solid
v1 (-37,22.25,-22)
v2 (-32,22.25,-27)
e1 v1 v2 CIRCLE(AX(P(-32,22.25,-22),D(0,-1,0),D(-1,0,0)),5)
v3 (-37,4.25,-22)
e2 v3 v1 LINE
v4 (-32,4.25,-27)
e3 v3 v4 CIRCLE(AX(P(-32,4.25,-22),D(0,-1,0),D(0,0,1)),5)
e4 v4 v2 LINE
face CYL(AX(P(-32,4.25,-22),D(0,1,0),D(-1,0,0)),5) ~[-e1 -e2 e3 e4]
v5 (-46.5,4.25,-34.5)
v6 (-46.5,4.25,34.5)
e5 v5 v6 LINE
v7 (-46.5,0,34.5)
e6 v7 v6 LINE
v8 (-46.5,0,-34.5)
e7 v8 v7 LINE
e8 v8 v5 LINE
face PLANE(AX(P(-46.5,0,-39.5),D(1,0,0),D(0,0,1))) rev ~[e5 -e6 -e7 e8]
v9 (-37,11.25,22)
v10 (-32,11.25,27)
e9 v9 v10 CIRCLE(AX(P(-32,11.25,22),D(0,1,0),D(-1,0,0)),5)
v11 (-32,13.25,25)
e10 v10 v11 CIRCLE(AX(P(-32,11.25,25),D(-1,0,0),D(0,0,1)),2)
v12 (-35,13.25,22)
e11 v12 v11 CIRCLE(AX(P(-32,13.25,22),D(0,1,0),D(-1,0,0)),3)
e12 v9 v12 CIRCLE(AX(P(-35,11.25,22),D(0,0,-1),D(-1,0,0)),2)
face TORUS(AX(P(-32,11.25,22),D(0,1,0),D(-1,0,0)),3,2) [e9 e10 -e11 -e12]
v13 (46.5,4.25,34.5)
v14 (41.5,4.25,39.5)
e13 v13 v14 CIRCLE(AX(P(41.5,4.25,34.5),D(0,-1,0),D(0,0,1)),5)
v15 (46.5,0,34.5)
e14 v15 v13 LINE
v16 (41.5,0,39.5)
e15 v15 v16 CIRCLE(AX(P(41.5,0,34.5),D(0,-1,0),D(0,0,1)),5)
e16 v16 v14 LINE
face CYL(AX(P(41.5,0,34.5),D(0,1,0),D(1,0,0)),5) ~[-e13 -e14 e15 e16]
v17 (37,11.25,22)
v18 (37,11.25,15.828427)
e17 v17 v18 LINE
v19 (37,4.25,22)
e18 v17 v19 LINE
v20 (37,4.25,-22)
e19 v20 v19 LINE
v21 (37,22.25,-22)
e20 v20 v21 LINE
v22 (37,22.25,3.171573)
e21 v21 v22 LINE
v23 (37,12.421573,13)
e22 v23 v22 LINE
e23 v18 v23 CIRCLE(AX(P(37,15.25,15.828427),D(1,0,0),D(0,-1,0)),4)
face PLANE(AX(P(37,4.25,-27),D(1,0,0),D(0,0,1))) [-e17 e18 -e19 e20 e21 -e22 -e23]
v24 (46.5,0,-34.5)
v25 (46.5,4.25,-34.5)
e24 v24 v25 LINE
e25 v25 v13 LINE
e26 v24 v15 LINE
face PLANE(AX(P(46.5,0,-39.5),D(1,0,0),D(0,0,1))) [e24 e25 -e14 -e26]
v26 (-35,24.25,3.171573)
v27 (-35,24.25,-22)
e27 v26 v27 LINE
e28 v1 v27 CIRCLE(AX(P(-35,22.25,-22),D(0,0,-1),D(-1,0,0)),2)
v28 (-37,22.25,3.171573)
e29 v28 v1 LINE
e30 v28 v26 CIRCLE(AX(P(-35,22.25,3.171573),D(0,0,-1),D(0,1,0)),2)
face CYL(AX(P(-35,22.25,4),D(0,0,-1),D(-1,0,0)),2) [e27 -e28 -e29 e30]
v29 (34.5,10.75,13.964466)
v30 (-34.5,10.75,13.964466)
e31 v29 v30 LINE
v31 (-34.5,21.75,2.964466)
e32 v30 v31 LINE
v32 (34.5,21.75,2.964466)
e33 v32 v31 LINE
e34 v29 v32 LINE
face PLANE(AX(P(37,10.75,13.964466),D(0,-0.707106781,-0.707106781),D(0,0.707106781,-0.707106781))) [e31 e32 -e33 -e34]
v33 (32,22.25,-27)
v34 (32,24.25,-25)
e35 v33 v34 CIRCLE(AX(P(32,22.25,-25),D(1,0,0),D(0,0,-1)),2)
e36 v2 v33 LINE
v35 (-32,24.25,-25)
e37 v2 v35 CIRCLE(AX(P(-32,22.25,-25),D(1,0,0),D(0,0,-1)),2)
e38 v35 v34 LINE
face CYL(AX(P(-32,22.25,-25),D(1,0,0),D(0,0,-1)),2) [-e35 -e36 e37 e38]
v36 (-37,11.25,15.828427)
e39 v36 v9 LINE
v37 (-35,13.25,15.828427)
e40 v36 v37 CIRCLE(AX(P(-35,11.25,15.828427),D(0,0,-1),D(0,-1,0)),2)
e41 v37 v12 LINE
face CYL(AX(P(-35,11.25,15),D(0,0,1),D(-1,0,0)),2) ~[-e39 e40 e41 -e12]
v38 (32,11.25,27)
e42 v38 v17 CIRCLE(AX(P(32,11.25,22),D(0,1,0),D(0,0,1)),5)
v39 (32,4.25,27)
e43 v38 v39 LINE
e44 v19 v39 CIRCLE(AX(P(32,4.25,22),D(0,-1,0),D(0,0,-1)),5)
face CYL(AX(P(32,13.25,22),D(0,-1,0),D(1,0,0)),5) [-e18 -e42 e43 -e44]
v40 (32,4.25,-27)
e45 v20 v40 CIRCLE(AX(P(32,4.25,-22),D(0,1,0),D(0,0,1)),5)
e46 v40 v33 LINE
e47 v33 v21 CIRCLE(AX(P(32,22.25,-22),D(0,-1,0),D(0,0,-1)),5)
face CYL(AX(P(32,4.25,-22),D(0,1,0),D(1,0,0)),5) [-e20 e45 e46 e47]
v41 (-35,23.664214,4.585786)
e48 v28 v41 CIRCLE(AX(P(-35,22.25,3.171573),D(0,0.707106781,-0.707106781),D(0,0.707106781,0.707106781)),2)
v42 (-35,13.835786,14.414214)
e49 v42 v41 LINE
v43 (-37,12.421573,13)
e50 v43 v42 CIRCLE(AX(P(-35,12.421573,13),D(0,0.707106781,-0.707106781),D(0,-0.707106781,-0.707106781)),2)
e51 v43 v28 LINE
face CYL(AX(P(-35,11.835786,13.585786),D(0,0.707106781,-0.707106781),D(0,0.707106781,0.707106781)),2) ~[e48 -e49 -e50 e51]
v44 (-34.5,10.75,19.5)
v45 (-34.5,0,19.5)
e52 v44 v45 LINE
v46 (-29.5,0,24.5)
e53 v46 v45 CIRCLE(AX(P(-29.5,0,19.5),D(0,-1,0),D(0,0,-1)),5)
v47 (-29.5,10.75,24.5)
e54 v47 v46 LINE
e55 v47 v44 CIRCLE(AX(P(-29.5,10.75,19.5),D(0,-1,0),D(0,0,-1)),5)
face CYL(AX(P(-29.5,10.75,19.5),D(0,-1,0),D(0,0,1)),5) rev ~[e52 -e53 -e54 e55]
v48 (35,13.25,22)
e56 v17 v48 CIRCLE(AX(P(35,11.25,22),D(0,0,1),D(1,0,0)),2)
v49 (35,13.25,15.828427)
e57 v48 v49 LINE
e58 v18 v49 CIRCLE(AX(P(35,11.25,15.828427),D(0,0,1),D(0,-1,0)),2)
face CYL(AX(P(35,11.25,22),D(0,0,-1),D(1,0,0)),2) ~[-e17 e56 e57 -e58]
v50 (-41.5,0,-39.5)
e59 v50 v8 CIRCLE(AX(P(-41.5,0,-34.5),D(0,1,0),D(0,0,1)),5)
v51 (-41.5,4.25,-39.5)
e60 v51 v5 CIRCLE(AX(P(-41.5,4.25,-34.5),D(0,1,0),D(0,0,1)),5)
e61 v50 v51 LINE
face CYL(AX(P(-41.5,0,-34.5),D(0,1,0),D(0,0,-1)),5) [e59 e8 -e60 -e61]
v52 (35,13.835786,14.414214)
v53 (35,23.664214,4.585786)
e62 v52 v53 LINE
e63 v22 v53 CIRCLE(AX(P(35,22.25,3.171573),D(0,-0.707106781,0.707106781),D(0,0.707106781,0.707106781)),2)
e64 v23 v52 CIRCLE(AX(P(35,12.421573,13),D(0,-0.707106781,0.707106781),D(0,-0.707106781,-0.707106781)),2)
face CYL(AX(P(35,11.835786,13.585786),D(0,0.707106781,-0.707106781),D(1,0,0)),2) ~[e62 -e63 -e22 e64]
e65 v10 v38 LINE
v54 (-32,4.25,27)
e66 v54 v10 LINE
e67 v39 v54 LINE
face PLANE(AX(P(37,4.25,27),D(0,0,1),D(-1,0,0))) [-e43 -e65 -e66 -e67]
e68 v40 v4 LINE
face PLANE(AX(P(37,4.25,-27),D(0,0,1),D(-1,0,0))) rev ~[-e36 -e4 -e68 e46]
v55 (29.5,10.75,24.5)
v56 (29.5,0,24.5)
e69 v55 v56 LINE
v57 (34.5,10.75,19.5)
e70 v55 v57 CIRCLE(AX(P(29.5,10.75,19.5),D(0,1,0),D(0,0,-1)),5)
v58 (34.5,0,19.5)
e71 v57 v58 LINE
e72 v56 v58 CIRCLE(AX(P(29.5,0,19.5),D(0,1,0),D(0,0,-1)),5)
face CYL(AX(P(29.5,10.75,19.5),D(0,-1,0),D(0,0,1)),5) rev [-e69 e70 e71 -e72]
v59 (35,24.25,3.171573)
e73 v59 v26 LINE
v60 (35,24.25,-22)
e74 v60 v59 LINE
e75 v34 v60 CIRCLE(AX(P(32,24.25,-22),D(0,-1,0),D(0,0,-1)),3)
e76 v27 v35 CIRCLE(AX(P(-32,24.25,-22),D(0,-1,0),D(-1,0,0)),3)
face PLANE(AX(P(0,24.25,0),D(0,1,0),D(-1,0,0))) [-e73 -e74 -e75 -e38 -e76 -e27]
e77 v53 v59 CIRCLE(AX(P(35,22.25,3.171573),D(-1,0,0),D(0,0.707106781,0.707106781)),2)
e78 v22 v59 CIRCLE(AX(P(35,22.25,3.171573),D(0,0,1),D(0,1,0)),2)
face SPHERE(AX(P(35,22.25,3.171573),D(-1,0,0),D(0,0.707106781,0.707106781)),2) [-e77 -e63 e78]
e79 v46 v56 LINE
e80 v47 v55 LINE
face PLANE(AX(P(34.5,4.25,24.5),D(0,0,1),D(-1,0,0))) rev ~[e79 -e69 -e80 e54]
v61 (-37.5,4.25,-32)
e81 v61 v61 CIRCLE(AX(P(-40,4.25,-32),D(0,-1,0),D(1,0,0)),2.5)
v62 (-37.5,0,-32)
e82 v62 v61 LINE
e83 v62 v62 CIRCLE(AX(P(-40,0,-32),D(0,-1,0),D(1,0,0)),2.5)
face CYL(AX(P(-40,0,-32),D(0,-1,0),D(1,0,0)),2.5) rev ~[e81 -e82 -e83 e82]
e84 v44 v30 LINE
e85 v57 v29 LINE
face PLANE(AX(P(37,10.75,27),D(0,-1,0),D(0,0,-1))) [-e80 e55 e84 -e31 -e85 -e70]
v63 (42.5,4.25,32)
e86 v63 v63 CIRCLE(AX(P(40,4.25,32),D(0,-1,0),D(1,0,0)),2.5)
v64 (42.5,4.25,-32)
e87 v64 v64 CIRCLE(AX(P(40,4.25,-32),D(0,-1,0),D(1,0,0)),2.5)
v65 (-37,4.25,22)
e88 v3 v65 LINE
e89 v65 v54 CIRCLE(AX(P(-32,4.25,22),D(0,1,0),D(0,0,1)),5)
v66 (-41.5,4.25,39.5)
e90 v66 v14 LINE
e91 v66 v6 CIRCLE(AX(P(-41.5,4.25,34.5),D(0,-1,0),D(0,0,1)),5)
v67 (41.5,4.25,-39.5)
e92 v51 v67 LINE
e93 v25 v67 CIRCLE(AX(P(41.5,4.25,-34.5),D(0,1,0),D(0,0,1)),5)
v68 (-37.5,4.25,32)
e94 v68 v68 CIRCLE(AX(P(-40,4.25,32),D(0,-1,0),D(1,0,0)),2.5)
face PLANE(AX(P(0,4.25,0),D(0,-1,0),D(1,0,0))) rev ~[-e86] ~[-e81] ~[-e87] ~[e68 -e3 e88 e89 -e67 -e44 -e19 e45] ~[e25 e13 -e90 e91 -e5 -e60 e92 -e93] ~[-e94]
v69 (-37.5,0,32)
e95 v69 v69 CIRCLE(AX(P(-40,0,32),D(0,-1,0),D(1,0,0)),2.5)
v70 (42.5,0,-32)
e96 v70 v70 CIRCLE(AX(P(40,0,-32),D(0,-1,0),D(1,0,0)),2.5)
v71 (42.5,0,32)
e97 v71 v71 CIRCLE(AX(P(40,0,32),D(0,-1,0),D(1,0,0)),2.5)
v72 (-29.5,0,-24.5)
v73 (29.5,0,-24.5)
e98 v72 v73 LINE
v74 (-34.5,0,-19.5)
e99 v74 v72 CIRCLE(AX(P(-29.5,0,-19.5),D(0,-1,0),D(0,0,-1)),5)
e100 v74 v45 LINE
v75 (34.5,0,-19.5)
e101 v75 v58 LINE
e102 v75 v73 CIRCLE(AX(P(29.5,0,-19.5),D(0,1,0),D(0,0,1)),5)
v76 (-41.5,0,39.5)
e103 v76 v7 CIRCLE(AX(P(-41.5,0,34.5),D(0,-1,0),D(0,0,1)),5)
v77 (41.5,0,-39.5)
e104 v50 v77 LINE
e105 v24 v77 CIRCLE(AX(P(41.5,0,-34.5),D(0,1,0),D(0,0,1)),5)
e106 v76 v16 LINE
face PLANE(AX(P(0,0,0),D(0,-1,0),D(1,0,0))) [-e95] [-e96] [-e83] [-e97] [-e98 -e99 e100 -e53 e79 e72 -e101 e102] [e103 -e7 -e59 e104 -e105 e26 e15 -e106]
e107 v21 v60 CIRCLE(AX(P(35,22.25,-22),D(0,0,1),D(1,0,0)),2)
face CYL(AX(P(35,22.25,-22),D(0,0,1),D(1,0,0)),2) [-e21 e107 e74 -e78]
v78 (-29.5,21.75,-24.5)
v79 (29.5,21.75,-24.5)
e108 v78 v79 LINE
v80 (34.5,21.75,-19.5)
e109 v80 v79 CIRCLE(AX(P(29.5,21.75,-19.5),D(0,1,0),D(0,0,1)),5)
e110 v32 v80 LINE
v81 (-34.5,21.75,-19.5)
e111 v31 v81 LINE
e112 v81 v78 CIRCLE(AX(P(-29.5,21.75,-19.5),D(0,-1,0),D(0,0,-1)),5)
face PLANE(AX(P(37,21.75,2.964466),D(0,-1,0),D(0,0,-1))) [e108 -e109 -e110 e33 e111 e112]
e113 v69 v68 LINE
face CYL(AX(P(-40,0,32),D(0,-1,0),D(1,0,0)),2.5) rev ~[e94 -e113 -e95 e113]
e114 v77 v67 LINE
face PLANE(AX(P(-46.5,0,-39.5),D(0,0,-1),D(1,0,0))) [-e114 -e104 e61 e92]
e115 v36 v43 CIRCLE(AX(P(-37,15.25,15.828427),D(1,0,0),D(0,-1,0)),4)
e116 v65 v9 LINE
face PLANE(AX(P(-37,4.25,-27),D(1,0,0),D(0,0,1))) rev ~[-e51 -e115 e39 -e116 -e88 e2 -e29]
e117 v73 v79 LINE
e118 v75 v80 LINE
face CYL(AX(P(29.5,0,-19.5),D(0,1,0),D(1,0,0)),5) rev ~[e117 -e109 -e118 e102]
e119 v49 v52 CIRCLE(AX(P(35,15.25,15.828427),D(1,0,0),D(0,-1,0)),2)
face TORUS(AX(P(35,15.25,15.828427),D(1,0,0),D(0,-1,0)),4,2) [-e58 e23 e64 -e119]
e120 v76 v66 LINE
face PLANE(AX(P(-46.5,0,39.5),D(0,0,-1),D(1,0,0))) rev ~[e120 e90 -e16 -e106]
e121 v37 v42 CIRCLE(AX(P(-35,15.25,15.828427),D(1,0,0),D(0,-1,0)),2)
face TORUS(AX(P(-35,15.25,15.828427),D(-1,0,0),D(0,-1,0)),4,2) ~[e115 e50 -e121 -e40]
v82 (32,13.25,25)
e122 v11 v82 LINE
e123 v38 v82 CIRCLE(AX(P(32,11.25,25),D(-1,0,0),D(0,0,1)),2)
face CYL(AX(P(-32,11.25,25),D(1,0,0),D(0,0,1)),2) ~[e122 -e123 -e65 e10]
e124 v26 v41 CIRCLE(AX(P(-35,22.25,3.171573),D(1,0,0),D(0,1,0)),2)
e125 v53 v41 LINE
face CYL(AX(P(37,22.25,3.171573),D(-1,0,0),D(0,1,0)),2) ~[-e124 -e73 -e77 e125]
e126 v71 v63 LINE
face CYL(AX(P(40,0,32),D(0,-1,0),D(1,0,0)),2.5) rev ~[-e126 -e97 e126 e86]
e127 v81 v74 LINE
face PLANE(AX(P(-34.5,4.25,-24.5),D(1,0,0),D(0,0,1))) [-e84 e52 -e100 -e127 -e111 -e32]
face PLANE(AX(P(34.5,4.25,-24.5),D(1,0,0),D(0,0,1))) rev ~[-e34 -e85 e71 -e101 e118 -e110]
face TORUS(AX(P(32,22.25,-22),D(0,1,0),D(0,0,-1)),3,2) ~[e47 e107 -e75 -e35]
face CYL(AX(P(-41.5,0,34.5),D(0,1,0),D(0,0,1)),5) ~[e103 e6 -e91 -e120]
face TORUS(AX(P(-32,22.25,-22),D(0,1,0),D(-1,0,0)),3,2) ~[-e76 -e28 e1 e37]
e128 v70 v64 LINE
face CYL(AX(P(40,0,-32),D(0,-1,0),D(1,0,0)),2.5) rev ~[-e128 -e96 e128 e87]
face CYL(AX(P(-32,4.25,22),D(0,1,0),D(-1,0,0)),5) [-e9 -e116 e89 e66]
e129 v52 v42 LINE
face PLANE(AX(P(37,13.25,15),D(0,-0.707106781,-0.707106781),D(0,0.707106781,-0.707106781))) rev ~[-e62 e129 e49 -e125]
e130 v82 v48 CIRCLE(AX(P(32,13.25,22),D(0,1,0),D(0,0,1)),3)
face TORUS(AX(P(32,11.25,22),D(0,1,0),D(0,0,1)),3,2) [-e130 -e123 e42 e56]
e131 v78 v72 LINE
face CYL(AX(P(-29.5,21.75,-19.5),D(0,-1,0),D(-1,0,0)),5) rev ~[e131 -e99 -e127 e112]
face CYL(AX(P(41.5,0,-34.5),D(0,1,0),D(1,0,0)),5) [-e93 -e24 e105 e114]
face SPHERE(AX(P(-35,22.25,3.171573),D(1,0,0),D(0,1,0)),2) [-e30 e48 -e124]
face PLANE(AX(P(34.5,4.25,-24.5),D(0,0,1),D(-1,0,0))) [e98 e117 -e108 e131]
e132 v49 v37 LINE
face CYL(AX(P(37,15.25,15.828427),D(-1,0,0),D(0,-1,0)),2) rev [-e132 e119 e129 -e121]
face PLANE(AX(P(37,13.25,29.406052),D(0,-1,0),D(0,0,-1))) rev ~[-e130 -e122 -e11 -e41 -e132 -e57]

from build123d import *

# Parameters (mm, degrees)
F0_W     = 93
F0_H     = 79
F0_R     = 2.5
F0_W_2   = 69
F0_H_2   = 49
F1_DEPTH = 4.25
F2_W     = 74
F2_H     = 54
F2_W_2   = 69
F2_H_2   = 49
F3_DEPTH = 20
F6_DEPTH = 83.501
F8_DEPTH = 71.5
F9_R     = 5
F10_R    = 2


with BuildPart() as f1:
    # F0 (on Front) → F1 (new body)
    with BuildSketch(Plane.XZ):
        Rectangle(F0_W, F0_H)
        with Locations((-40, -32)):
            Circle(F0_R, mode=Mode.SUBTRACT)
        with Locations((40, -32)):
            Circle(F0_R, mode=Mode.SUBTRACT)
        with Locations((-40, 32)):
            Circle(F0_R, mode=Mode.SUBTRACT)
        Rectangle(F0_W_2, F0_H_2, mode=Mode.SUBTRACT)
        with Locations((40, 32)):
            Circle(F0_R, mode=Mode.SUBTRACT)
    extrude(amount=-F1_DEPTH)

    # F2 (on face) → F3 (join)
    with BuildSketch(Plane(origin=(0, 4.25, 0), x_dir=(-1, 0, 0), z_dir=(0, 1, 0))):
        Rectangle(F2_W, F2_H)
        Rectangle(F2_W_2, F2_H_2, mode=Mode.SUBTRACT)
    extrude(amount=F3_DEPTH)

    # F5 (on face) → F6 (cut, through all)
    with BuildSketch(Plane.YZ.offset(37)):
        Polygon((24.25, 29.4060515452), (13.25, 29.4060515452), (13.25, 15), (24.25, 4), align=None)
    extrude(amount=-F6_DEPTH, mode=Mode.SUBTRACT)

    # F7 (on face) → F8 (join, through all)
    with BuildSketch(Plane.YZ.offset(37)):
        Polygon((13.25, 27), (10.75, 27), (10.75, 13.9644660941), (21.75, 2.9644660941), (21.75, -27), (24.25, -27), (24.25, 4), (13.25, 15), align=None)
    extrude(amount=-F8_DEPTH)

    # F9
    f9_edges = [f1.edges().sort_by_distance(p)[0] for p in [
        (37, 14.25, -27),
        (37, 8.75, 27),
        (-37, 8.75, 27),
        (-37, 14.25, -27),
        (-46.5, 2.125, 39.5),
        (-46.5, 2.125, -39.5),
        (46.5, 2.125, 39.5),
        (46.5, 2.125, -39.5),
        (-34.5, 5.375, 24.5),
        (34.5, 5.375, 24.5),
        (34.5, 10.875, -24.5),
        (-34.5, 10.875, -24.5),
    ]]
    fillet(f9_edges, radius=F9_R)

    # F10
    f10_edges = [f1.edges().sort_by_distance(p)[0] for p in [
        (37, 13.25, 18.5),
        (37, 18.75, 9.5),
        (37, 24.25, -9),
        (-37, 18.75, 9.5),
        (0, 13.25, 27),
        (0, 24.25, -27),
        (-37, 24.25, -9),
        (-37, 13.25, 18.5),
        (0, 24.25, 4),
        (0, 13.25, 15),
    ]]
    fillet(f10_edges, radius=F10_R)


solid = f1.part
